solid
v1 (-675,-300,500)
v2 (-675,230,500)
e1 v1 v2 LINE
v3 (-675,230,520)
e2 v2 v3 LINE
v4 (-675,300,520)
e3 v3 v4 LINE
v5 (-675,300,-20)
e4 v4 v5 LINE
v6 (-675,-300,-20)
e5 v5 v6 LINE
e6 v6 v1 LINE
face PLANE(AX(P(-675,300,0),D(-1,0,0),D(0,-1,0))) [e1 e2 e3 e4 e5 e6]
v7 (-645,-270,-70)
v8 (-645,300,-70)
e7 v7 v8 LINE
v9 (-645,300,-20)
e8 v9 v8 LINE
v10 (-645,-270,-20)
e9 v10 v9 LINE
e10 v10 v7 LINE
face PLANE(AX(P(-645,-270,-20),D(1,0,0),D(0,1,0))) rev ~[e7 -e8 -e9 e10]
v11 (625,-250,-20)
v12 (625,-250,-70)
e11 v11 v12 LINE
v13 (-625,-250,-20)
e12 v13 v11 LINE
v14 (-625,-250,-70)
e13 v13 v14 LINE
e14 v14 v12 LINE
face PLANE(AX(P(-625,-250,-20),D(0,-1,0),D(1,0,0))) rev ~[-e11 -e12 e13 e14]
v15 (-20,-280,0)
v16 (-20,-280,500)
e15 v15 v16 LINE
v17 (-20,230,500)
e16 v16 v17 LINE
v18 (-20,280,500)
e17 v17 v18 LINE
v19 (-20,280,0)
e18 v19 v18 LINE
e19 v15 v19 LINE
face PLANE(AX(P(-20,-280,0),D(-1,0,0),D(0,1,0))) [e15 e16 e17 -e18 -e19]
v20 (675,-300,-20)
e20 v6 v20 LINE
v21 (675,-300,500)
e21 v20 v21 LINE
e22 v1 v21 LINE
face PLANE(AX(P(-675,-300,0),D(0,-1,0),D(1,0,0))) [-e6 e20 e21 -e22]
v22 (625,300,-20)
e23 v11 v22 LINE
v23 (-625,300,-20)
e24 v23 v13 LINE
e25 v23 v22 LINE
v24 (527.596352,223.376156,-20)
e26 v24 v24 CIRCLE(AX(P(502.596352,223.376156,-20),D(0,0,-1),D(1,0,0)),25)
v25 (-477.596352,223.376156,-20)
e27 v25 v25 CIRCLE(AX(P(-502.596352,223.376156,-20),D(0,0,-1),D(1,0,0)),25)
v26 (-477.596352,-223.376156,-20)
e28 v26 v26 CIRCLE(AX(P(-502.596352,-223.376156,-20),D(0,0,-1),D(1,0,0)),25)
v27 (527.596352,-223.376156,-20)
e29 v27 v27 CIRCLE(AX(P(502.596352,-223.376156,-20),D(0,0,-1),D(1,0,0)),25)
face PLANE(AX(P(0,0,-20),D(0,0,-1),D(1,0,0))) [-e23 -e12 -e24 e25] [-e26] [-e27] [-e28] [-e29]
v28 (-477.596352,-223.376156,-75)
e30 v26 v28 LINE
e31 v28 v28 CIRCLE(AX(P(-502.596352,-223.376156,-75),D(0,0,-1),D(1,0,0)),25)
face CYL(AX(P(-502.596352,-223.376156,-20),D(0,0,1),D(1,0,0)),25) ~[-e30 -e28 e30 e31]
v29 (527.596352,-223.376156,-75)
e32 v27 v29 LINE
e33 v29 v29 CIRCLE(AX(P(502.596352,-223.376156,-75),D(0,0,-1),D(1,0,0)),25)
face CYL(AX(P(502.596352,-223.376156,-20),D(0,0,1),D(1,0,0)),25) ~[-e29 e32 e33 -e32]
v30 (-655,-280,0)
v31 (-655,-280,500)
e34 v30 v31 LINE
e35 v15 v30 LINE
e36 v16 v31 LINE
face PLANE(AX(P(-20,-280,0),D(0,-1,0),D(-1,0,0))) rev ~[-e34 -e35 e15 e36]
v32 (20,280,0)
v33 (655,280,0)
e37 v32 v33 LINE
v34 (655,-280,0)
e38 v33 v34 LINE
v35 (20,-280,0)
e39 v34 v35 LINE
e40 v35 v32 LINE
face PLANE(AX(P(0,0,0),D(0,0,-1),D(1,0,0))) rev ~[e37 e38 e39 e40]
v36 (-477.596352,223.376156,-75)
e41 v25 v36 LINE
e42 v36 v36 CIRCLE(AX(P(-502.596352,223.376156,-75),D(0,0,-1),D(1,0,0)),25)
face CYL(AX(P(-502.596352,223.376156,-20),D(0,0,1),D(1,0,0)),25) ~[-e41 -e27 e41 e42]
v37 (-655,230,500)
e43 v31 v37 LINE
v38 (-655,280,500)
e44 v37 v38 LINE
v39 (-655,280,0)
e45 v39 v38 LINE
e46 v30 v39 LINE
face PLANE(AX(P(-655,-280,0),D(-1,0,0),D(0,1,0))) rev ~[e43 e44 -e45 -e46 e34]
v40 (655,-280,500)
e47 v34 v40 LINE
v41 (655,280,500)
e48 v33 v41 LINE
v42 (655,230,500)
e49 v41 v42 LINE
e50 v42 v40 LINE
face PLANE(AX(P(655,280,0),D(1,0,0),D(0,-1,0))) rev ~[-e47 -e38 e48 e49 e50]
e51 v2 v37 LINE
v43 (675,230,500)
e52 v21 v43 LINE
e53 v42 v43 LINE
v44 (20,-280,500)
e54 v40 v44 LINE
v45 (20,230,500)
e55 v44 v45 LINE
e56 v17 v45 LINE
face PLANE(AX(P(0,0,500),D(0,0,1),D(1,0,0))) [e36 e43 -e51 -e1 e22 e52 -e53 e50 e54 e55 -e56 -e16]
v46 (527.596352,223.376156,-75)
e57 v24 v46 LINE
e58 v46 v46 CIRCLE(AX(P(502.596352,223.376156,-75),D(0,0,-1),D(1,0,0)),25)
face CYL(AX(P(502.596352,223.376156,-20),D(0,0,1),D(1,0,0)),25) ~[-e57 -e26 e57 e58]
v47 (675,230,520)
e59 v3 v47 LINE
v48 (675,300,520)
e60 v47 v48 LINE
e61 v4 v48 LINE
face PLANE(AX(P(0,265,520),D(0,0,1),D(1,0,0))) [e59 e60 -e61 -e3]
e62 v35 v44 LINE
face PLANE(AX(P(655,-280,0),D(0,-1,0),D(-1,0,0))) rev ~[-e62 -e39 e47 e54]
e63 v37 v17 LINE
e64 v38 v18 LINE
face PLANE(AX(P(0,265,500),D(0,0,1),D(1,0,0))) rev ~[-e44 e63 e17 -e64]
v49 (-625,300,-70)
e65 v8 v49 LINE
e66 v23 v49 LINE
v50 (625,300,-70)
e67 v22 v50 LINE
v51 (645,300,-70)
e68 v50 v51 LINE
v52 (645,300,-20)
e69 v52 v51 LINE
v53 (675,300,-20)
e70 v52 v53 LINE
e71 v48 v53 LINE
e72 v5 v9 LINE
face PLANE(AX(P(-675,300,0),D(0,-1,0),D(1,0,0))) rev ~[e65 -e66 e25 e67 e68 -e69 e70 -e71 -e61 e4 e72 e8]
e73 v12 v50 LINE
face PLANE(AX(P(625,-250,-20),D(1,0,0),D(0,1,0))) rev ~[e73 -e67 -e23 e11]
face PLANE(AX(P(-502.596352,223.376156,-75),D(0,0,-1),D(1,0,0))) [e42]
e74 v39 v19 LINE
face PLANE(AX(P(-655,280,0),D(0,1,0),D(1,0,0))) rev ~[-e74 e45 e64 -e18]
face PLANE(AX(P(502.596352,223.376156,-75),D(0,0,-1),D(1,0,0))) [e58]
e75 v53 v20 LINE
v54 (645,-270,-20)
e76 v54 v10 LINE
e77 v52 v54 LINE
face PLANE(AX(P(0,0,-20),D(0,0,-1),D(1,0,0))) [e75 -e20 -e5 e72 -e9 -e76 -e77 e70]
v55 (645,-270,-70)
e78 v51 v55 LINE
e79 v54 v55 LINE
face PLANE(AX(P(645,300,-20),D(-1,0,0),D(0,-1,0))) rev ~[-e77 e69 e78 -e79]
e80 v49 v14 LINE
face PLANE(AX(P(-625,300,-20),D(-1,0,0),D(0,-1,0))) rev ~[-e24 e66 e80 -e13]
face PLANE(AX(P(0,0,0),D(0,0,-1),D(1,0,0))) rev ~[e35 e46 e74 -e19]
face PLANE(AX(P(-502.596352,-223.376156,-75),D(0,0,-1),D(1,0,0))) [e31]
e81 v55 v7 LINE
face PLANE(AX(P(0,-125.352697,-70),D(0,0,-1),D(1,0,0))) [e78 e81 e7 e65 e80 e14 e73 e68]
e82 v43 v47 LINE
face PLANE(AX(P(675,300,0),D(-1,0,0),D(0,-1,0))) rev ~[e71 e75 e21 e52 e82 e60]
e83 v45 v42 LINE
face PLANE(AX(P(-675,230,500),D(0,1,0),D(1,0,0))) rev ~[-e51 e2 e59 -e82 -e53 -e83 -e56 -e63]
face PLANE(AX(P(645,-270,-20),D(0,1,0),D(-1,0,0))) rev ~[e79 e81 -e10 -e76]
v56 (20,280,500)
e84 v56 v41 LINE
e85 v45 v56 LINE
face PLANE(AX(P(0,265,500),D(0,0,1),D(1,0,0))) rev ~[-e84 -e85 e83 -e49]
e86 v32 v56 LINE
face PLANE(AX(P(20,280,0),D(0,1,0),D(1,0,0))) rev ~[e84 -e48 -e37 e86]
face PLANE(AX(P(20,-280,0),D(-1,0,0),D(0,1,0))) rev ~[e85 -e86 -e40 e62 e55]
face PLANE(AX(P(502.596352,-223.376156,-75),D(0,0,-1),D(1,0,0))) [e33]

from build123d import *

# Parameters (mm, degrees)
F0_W     = 1350
F0_H     = 600
F0_W_2   = 20
F0_H_2   = 560
F1_DEPTH = 500
F2_W     = 1350
F2_H     = 70
F3_DEPTH = 20
F4_W     = 1350
F4_H     = 600
F5_DEPTH = 20
F6_R     = 25
F7_DEPTH = 55
F9_DEPTH = 50


with BuildPart() as f1:
    # F0 (on Top) → F1 (new body)
    with BuildSketch(Plane.XY):
        Rectangle(F0_W, F0_H)
        Polygon((-655, -280), (-655, 280), (-20, 280), (0, 280), (20, 280), (655, 280), (655, -280), (20, -280), (0, -280), (-20, -280), align=None, mode=Mode.SUBTRACT)
        with Locations((10, 0)):
            Rectangle(F0_W_2, F0_H_2)
        with Locations((-10, 0)):
            Rectangle(F0_W_2, F0_H_2)
    extrude(amount=F1_DEPTH)

    # F2 (on face) → F3 (join)
    with BuildSketch(Plane.XY.offset(500)):
        with Locations((0, 265)):
            Rectangle(F2_W, F2_H)
    extrude(amount=F3_DEPTH)

    # F4 (on face) → F5 (join)
    with BuildSketch(Plane(origin=(0, 0, 0), x_dir=(1, 0, 0), z_dir=(0, 0, -1))):
        Rectangle(F4_W, F4_H)
    extrude(amount=F5_DEPTH)

    # F6 (on face) → F7 (join)
    with BuildSketch(Plane(origin=(0, 0, -20), x_dir=(1, 0, 0), z_dir=(0, 0, -1))):
        with Locations((-502.596352, 223.376156)):
            Circle(F6_R)
        with Locations((-502.596352, -223.376156)):
            Circle(F6_R)
        with Locations((502.596352, -223.376156)):
            Circle(F6_R)
        with Locations((502.596352, 223.376156)):
            Circle(F6_R)
    extrude(amount=F7_DEPTH)

    # F8 (on face) → F9 (join)
    with BuildSketch(Plane(origin=(0, 0, -20), x_dir=(1, 0, 0), z_dir=(0, 0, -1))):
        Polygon((645, 270), (-645, 270), (-645, -270), (-645, -300), (-625, -300), (-625, -250), (-625, 250), (625, 250), (625, -250), (625, -300), (645, -300), (645, -270), align=None)
    extrude(amount=F9_DEPTH)


solid = f1.part
